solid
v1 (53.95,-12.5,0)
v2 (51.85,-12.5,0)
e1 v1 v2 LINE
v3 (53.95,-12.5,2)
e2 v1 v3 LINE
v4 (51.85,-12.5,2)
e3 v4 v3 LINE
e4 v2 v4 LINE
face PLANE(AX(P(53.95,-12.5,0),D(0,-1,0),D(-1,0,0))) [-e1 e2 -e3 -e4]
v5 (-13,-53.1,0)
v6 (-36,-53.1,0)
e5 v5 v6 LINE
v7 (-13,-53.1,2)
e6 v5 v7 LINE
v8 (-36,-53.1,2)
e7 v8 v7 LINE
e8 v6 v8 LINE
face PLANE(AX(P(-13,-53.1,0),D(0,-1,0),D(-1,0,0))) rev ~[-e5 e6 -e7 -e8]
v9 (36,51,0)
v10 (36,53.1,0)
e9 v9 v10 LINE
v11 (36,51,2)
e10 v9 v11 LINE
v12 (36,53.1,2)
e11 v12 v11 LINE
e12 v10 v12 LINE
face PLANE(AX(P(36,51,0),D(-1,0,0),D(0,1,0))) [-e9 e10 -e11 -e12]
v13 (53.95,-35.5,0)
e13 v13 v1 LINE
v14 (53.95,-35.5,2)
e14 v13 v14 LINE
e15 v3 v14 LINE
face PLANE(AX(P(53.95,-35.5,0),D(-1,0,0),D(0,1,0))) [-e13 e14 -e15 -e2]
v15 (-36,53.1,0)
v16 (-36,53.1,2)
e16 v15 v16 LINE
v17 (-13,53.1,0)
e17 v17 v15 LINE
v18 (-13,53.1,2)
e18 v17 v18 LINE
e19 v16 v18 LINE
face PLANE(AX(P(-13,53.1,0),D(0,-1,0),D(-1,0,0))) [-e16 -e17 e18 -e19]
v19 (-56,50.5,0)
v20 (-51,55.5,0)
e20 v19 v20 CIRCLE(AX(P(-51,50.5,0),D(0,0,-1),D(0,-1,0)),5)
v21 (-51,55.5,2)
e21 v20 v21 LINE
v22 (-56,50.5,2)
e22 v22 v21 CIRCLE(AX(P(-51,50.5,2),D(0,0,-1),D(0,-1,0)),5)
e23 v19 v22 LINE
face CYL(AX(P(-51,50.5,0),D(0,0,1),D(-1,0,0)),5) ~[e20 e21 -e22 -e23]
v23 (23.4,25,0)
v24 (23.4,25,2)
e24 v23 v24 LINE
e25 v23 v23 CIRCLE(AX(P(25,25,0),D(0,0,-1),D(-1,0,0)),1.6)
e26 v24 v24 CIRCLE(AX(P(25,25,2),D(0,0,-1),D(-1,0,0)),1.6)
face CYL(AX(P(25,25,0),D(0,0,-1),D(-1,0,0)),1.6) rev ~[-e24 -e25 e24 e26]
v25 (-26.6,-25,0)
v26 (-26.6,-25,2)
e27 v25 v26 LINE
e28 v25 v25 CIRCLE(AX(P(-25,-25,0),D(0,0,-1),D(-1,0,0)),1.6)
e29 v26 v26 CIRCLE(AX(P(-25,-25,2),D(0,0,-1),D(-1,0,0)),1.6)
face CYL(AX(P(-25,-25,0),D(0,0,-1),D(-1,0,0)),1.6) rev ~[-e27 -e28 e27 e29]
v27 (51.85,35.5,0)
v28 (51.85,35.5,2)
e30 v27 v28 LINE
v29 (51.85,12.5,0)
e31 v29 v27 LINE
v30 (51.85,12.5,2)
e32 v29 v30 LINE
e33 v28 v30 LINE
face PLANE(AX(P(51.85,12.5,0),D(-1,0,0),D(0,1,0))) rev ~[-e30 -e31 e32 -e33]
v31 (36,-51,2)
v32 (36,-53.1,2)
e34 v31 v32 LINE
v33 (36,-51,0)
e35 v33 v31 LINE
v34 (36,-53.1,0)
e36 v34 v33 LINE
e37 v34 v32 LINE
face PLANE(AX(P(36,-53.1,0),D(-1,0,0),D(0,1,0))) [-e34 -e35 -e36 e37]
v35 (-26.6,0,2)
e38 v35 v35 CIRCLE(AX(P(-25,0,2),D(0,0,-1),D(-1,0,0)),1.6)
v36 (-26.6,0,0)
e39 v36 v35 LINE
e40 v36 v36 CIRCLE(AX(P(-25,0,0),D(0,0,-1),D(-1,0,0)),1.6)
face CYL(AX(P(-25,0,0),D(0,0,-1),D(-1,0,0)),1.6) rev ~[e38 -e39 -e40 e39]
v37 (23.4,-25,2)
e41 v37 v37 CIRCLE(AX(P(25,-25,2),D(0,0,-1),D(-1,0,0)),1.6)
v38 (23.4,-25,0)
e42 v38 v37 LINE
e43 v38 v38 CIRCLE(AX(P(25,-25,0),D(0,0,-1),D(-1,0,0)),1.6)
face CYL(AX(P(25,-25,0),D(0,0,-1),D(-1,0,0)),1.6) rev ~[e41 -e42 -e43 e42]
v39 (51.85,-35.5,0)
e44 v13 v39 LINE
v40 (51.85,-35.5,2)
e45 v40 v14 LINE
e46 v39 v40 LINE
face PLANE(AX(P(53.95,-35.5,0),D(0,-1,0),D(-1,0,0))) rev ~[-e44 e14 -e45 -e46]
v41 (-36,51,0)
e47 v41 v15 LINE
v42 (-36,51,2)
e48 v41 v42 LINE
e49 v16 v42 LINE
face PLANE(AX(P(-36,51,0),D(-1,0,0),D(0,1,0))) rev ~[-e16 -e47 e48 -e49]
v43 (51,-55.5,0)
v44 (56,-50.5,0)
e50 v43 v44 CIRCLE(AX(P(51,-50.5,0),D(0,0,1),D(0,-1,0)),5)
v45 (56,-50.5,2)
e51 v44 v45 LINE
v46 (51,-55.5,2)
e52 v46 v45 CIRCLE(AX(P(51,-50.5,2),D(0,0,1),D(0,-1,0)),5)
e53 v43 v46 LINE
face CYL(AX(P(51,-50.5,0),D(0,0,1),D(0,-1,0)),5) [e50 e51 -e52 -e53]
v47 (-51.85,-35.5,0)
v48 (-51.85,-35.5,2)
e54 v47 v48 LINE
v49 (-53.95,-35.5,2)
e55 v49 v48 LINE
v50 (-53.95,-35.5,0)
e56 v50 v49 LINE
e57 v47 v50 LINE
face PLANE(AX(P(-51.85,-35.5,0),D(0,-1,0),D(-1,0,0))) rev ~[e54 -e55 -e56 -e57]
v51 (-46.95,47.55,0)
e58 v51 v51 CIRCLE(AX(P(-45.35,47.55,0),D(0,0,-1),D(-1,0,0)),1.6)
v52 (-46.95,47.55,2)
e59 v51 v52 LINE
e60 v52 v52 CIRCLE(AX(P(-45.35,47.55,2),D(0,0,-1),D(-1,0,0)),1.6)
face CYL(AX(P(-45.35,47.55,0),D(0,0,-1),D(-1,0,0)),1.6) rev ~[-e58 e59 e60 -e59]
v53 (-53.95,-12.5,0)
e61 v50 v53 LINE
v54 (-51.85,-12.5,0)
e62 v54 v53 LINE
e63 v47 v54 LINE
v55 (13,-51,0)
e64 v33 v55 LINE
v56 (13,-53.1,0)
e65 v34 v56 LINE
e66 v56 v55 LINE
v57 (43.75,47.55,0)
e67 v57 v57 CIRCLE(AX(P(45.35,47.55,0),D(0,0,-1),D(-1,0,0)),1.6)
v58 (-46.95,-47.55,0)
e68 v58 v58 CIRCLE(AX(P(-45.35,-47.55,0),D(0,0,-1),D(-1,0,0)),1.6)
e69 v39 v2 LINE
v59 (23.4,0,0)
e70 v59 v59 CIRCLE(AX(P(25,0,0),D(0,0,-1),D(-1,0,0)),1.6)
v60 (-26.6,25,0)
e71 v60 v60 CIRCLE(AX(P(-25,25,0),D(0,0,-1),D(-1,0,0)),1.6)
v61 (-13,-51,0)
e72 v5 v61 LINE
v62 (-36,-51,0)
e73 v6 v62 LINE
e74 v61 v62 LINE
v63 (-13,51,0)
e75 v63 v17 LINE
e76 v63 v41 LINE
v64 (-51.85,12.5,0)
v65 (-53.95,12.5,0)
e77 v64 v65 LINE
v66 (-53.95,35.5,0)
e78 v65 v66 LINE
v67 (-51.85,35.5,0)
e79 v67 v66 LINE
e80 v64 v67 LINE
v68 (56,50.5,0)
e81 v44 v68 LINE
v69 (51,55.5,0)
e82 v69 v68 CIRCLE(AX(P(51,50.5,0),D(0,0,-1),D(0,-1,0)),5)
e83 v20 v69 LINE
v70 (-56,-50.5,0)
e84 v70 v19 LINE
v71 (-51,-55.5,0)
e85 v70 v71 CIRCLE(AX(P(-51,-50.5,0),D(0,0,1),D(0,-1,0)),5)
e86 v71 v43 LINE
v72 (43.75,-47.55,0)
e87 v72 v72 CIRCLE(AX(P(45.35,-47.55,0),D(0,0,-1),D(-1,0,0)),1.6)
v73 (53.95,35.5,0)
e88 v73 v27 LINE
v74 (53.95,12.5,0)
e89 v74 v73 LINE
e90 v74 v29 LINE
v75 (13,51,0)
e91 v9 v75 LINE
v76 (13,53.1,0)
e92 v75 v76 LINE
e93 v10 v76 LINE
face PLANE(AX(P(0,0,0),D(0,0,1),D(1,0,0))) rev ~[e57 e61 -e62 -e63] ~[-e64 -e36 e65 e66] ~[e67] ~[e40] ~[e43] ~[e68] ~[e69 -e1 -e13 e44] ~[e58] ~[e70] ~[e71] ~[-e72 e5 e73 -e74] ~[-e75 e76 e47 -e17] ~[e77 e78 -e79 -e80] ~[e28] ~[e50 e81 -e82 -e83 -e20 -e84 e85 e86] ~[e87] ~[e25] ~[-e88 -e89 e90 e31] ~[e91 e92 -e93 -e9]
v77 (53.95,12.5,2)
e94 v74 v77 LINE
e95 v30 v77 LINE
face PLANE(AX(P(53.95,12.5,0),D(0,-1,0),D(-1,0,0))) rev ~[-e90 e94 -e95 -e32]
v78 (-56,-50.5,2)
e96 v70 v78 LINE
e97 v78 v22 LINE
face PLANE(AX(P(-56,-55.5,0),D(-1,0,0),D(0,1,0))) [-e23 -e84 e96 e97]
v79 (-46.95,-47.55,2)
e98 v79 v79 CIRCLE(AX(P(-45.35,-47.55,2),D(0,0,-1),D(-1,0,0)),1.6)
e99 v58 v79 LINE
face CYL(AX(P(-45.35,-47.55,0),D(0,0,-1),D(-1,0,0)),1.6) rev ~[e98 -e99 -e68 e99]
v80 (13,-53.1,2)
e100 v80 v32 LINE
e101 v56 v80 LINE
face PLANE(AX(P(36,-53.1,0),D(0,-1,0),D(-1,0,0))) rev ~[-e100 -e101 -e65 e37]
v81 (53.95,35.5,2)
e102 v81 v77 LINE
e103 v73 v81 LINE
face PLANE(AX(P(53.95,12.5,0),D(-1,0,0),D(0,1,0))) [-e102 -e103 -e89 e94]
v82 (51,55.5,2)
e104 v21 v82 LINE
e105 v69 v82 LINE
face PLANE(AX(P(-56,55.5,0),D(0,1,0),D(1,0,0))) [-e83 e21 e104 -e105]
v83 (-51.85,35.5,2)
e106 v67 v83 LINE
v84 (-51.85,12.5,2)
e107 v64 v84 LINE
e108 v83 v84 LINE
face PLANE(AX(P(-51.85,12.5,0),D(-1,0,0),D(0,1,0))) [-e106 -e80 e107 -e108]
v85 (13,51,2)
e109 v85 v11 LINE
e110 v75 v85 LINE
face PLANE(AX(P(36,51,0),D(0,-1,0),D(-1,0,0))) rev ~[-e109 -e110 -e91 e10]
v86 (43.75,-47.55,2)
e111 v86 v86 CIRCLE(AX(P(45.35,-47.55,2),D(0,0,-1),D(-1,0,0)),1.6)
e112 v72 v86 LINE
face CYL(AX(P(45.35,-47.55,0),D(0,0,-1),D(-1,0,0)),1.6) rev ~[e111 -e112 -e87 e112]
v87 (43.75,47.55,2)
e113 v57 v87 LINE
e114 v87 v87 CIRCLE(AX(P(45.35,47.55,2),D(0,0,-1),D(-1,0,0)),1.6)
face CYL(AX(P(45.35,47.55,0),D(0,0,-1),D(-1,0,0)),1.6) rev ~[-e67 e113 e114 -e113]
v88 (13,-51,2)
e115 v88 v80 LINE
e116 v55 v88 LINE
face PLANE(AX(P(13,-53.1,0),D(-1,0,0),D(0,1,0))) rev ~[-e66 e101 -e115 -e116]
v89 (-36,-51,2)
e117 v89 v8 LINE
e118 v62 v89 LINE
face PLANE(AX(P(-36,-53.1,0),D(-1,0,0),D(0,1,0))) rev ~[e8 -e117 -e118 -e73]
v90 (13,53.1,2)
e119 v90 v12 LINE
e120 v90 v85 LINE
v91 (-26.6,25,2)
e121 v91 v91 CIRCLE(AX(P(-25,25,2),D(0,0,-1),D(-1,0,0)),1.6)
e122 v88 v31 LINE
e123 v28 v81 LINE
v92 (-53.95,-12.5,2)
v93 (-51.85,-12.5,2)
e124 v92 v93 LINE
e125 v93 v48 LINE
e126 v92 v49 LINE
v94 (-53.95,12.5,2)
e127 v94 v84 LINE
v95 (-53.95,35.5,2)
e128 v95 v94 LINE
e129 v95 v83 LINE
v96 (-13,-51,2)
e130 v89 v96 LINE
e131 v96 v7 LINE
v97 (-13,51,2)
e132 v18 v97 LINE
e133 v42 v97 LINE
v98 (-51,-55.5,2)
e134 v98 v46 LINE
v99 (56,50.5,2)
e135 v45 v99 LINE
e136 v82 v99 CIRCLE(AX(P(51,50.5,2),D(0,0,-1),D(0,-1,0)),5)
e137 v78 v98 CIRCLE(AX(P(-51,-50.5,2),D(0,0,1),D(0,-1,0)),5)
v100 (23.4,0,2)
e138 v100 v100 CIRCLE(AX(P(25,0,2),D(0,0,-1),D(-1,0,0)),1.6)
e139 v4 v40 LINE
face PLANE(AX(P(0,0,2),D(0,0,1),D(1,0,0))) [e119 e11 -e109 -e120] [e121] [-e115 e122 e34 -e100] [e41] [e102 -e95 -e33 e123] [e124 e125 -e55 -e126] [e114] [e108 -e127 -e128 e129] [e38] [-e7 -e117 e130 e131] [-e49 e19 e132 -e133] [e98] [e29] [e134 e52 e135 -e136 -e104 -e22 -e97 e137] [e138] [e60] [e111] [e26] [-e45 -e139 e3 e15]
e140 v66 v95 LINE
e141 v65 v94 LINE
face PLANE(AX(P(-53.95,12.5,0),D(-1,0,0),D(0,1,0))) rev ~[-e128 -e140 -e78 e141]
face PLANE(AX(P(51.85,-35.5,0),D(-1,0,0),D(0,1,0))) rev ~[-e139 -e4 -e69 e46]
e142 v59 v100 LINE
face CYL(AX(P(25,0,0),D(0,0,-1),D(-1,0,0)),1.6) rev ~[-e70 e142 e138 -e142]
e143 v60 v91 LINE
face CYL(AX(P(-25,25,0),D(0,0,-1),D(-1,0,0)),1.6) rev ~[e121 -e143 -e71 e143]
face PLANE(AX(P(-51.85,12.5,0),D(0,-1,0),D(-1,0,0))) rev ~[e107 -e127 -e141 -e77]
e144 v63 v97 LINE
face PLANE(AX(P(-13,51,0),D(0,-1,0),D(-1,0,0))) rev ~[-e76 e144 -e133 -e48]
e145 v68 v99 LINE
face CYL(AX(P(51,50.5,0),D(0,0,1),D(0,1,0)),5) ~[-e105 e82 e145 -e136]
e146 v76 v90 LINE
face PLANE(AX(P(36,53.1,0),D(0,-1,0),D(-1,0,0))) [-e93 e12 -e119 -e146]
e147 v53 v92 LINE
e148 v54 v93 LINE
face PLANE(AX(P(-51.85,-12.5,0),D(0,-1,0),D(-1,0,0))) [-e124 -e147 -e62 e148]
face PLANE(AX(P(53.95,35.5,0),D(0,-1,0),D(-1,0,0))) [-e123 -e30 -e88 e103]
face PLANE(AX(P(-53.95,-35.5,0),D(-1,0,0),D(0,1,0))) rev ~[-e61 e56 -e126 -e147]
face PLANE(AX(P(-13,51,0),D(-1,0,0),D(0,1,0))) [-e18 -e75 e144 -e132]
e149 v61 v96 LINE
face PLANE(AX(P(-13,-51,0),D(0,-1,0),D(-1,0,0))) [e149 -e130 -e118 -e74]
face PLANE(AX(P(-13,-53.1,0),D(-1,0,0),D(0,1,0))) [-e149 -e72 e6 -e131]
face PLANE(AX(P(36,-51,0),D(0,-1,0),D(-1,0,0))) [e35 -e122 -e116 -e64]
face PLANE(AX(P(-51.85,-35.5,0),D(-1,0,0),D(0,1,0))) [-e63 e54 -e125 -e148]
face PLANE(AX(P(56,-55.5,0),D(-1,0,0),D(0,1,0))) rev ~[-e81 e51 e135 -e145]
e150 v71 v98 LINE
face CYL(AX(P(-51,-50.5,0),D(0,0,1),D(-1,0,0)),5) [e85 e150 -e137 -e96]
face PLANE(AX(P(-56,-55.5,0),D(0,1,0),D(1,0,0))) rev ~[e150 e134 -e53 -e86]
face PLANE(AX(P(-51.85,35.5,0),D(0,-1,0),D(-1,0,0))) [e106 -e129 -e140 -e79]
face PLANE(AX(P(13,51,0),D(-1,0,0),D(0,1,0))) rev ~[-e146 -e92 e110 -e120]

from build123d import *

# Parameters (mm, degrees)
SKETCH_1_W          = 112
SKETCH_1_H          = 111
EXTRUDE_1_DEPTH     = 2
SKETCH_2_R          = 1.6
CUT_EXTRUDE_1_DEPTH = 3
SKETCH_3_W          = 2.1
SKETCH_3_H          = 23
SKETCH_3_W_2        = 23
SKETCH_3_H_2        = 2.1
CUT_EXTRUDE_2_DEPTH = 3
SKETCH_4_R          = 1.6
CUT_EXTRUDE_3_DEPTH = 3
FILLET_1_R          = 5


with BuildPart() as part:
    # 草图1 → 凸台-拉伸1 (new body)
    with BuildSketch(Plane.XY):
        Rectangle(SKETCH_1_W, SKETCH_1_H)
    extrude(amount=EXTRUDE_1_DEPTH)

    # 草图2 → 切除-拉伸1 (cut, through all)
    with BuildSketch(Plane(origin=(0, 0, 0), x_dir=(-1, 0, 0), z_dir=(0, 0, -1))):
        with Locations((-45.35, -47.55)):
            Circle(SKETCH_2_R)
        with Locations((45.35, -47.55)):
            Circle(SKETCH_2_R)
        with Locations((45.35, 47.55)):
            Circle(SKETCH_2_R)
        with Locations((-45.35, 47.55)):
            Circle(SKETCH_2_R)
    extrude(amount=-CUT_EXTRUDE_1_DEPTH, mode=Mode.SUBTRACT)

    # 草图3 → 切除-拉伸2 (cut, through all)
    with BuildSketch(Plane(origin=(0, 0, 0), x_dir=(-1, 0, 0), z_dir=(0, 0, -1))):
        with Locations((-52.9, 24)):
            Rectangle(SKETCH_3_W, SKETCH_3_H)
        with Locations((-52.9, -24)):
            Rectangle(SKETCH_3_W, SKETCH_3_H)
        with Locations((52.9, -24)):
            Rectangle(SKETCH_3_W, SKETCH_3_H)
        with Locations((52.9, 24)):
            Rectangle(SKETCH_3_W, SKETCH_3_H)
        with Locations((-24.5, -52.05)):
            Rectangle(SKETCH_3_W_2, SKETCH_3_H_2)
        with Locations((24.5, -52.05)):
            Rectangle(SKETCH_3_W_2, SKETCH_3_H_2)
        with Locations((24.5, 52.05)):
            Rectangle(SKETCH_3_W_2, SKETCH_3_H_2)
        with Locations((-24.5, 52.05)):
            Rectangle(SKETCH_3_W_2, SKETCH_3_H_2)
    extrude(amount=-CUT_EXTRUDE_2_DEPTH, mode=Mode.SUBTRACT)

    # 草图4 → 切除-拉伸3 (cut, through all)
    with BuildSketch(Plane(origin=(0, 0, 0), x_dir=(-1, 0, 0), z_dir=(0, 0, -1))):
        with Locations((-25, -25)):
            Circle(SKETCH_4_R)
        with Locations((25, -25)):
            Circle(SKETCH_4_R)
        with Locations((25, 0)):
            Circle(SKETCH_4_R)
        with Locations((25, 25)):
            Circle(SKETCH_4_R)
        with Locations((-25, 0)):
            Circle(SKETCH_4_R)
        with Locations((-25, 25)):
            Circle(SKETCH_4_R)
    extrude(amount=-CUT_EXTRUDE_3_DEPTH, mode=Mode.SUBTRACT)

    # 圆角1
    fillet_1_edges = [part.edges().sort_by_distance(p)[0] for p in [
        (56, -55.5, 1),
        (-56, -55.5, 1),
        (-56, 55.5, 1),
        (56, 55.5, 1),
    ]]
    fillet(fillet_1_edges, radius=FILLET_1_R)


solid = part.part
